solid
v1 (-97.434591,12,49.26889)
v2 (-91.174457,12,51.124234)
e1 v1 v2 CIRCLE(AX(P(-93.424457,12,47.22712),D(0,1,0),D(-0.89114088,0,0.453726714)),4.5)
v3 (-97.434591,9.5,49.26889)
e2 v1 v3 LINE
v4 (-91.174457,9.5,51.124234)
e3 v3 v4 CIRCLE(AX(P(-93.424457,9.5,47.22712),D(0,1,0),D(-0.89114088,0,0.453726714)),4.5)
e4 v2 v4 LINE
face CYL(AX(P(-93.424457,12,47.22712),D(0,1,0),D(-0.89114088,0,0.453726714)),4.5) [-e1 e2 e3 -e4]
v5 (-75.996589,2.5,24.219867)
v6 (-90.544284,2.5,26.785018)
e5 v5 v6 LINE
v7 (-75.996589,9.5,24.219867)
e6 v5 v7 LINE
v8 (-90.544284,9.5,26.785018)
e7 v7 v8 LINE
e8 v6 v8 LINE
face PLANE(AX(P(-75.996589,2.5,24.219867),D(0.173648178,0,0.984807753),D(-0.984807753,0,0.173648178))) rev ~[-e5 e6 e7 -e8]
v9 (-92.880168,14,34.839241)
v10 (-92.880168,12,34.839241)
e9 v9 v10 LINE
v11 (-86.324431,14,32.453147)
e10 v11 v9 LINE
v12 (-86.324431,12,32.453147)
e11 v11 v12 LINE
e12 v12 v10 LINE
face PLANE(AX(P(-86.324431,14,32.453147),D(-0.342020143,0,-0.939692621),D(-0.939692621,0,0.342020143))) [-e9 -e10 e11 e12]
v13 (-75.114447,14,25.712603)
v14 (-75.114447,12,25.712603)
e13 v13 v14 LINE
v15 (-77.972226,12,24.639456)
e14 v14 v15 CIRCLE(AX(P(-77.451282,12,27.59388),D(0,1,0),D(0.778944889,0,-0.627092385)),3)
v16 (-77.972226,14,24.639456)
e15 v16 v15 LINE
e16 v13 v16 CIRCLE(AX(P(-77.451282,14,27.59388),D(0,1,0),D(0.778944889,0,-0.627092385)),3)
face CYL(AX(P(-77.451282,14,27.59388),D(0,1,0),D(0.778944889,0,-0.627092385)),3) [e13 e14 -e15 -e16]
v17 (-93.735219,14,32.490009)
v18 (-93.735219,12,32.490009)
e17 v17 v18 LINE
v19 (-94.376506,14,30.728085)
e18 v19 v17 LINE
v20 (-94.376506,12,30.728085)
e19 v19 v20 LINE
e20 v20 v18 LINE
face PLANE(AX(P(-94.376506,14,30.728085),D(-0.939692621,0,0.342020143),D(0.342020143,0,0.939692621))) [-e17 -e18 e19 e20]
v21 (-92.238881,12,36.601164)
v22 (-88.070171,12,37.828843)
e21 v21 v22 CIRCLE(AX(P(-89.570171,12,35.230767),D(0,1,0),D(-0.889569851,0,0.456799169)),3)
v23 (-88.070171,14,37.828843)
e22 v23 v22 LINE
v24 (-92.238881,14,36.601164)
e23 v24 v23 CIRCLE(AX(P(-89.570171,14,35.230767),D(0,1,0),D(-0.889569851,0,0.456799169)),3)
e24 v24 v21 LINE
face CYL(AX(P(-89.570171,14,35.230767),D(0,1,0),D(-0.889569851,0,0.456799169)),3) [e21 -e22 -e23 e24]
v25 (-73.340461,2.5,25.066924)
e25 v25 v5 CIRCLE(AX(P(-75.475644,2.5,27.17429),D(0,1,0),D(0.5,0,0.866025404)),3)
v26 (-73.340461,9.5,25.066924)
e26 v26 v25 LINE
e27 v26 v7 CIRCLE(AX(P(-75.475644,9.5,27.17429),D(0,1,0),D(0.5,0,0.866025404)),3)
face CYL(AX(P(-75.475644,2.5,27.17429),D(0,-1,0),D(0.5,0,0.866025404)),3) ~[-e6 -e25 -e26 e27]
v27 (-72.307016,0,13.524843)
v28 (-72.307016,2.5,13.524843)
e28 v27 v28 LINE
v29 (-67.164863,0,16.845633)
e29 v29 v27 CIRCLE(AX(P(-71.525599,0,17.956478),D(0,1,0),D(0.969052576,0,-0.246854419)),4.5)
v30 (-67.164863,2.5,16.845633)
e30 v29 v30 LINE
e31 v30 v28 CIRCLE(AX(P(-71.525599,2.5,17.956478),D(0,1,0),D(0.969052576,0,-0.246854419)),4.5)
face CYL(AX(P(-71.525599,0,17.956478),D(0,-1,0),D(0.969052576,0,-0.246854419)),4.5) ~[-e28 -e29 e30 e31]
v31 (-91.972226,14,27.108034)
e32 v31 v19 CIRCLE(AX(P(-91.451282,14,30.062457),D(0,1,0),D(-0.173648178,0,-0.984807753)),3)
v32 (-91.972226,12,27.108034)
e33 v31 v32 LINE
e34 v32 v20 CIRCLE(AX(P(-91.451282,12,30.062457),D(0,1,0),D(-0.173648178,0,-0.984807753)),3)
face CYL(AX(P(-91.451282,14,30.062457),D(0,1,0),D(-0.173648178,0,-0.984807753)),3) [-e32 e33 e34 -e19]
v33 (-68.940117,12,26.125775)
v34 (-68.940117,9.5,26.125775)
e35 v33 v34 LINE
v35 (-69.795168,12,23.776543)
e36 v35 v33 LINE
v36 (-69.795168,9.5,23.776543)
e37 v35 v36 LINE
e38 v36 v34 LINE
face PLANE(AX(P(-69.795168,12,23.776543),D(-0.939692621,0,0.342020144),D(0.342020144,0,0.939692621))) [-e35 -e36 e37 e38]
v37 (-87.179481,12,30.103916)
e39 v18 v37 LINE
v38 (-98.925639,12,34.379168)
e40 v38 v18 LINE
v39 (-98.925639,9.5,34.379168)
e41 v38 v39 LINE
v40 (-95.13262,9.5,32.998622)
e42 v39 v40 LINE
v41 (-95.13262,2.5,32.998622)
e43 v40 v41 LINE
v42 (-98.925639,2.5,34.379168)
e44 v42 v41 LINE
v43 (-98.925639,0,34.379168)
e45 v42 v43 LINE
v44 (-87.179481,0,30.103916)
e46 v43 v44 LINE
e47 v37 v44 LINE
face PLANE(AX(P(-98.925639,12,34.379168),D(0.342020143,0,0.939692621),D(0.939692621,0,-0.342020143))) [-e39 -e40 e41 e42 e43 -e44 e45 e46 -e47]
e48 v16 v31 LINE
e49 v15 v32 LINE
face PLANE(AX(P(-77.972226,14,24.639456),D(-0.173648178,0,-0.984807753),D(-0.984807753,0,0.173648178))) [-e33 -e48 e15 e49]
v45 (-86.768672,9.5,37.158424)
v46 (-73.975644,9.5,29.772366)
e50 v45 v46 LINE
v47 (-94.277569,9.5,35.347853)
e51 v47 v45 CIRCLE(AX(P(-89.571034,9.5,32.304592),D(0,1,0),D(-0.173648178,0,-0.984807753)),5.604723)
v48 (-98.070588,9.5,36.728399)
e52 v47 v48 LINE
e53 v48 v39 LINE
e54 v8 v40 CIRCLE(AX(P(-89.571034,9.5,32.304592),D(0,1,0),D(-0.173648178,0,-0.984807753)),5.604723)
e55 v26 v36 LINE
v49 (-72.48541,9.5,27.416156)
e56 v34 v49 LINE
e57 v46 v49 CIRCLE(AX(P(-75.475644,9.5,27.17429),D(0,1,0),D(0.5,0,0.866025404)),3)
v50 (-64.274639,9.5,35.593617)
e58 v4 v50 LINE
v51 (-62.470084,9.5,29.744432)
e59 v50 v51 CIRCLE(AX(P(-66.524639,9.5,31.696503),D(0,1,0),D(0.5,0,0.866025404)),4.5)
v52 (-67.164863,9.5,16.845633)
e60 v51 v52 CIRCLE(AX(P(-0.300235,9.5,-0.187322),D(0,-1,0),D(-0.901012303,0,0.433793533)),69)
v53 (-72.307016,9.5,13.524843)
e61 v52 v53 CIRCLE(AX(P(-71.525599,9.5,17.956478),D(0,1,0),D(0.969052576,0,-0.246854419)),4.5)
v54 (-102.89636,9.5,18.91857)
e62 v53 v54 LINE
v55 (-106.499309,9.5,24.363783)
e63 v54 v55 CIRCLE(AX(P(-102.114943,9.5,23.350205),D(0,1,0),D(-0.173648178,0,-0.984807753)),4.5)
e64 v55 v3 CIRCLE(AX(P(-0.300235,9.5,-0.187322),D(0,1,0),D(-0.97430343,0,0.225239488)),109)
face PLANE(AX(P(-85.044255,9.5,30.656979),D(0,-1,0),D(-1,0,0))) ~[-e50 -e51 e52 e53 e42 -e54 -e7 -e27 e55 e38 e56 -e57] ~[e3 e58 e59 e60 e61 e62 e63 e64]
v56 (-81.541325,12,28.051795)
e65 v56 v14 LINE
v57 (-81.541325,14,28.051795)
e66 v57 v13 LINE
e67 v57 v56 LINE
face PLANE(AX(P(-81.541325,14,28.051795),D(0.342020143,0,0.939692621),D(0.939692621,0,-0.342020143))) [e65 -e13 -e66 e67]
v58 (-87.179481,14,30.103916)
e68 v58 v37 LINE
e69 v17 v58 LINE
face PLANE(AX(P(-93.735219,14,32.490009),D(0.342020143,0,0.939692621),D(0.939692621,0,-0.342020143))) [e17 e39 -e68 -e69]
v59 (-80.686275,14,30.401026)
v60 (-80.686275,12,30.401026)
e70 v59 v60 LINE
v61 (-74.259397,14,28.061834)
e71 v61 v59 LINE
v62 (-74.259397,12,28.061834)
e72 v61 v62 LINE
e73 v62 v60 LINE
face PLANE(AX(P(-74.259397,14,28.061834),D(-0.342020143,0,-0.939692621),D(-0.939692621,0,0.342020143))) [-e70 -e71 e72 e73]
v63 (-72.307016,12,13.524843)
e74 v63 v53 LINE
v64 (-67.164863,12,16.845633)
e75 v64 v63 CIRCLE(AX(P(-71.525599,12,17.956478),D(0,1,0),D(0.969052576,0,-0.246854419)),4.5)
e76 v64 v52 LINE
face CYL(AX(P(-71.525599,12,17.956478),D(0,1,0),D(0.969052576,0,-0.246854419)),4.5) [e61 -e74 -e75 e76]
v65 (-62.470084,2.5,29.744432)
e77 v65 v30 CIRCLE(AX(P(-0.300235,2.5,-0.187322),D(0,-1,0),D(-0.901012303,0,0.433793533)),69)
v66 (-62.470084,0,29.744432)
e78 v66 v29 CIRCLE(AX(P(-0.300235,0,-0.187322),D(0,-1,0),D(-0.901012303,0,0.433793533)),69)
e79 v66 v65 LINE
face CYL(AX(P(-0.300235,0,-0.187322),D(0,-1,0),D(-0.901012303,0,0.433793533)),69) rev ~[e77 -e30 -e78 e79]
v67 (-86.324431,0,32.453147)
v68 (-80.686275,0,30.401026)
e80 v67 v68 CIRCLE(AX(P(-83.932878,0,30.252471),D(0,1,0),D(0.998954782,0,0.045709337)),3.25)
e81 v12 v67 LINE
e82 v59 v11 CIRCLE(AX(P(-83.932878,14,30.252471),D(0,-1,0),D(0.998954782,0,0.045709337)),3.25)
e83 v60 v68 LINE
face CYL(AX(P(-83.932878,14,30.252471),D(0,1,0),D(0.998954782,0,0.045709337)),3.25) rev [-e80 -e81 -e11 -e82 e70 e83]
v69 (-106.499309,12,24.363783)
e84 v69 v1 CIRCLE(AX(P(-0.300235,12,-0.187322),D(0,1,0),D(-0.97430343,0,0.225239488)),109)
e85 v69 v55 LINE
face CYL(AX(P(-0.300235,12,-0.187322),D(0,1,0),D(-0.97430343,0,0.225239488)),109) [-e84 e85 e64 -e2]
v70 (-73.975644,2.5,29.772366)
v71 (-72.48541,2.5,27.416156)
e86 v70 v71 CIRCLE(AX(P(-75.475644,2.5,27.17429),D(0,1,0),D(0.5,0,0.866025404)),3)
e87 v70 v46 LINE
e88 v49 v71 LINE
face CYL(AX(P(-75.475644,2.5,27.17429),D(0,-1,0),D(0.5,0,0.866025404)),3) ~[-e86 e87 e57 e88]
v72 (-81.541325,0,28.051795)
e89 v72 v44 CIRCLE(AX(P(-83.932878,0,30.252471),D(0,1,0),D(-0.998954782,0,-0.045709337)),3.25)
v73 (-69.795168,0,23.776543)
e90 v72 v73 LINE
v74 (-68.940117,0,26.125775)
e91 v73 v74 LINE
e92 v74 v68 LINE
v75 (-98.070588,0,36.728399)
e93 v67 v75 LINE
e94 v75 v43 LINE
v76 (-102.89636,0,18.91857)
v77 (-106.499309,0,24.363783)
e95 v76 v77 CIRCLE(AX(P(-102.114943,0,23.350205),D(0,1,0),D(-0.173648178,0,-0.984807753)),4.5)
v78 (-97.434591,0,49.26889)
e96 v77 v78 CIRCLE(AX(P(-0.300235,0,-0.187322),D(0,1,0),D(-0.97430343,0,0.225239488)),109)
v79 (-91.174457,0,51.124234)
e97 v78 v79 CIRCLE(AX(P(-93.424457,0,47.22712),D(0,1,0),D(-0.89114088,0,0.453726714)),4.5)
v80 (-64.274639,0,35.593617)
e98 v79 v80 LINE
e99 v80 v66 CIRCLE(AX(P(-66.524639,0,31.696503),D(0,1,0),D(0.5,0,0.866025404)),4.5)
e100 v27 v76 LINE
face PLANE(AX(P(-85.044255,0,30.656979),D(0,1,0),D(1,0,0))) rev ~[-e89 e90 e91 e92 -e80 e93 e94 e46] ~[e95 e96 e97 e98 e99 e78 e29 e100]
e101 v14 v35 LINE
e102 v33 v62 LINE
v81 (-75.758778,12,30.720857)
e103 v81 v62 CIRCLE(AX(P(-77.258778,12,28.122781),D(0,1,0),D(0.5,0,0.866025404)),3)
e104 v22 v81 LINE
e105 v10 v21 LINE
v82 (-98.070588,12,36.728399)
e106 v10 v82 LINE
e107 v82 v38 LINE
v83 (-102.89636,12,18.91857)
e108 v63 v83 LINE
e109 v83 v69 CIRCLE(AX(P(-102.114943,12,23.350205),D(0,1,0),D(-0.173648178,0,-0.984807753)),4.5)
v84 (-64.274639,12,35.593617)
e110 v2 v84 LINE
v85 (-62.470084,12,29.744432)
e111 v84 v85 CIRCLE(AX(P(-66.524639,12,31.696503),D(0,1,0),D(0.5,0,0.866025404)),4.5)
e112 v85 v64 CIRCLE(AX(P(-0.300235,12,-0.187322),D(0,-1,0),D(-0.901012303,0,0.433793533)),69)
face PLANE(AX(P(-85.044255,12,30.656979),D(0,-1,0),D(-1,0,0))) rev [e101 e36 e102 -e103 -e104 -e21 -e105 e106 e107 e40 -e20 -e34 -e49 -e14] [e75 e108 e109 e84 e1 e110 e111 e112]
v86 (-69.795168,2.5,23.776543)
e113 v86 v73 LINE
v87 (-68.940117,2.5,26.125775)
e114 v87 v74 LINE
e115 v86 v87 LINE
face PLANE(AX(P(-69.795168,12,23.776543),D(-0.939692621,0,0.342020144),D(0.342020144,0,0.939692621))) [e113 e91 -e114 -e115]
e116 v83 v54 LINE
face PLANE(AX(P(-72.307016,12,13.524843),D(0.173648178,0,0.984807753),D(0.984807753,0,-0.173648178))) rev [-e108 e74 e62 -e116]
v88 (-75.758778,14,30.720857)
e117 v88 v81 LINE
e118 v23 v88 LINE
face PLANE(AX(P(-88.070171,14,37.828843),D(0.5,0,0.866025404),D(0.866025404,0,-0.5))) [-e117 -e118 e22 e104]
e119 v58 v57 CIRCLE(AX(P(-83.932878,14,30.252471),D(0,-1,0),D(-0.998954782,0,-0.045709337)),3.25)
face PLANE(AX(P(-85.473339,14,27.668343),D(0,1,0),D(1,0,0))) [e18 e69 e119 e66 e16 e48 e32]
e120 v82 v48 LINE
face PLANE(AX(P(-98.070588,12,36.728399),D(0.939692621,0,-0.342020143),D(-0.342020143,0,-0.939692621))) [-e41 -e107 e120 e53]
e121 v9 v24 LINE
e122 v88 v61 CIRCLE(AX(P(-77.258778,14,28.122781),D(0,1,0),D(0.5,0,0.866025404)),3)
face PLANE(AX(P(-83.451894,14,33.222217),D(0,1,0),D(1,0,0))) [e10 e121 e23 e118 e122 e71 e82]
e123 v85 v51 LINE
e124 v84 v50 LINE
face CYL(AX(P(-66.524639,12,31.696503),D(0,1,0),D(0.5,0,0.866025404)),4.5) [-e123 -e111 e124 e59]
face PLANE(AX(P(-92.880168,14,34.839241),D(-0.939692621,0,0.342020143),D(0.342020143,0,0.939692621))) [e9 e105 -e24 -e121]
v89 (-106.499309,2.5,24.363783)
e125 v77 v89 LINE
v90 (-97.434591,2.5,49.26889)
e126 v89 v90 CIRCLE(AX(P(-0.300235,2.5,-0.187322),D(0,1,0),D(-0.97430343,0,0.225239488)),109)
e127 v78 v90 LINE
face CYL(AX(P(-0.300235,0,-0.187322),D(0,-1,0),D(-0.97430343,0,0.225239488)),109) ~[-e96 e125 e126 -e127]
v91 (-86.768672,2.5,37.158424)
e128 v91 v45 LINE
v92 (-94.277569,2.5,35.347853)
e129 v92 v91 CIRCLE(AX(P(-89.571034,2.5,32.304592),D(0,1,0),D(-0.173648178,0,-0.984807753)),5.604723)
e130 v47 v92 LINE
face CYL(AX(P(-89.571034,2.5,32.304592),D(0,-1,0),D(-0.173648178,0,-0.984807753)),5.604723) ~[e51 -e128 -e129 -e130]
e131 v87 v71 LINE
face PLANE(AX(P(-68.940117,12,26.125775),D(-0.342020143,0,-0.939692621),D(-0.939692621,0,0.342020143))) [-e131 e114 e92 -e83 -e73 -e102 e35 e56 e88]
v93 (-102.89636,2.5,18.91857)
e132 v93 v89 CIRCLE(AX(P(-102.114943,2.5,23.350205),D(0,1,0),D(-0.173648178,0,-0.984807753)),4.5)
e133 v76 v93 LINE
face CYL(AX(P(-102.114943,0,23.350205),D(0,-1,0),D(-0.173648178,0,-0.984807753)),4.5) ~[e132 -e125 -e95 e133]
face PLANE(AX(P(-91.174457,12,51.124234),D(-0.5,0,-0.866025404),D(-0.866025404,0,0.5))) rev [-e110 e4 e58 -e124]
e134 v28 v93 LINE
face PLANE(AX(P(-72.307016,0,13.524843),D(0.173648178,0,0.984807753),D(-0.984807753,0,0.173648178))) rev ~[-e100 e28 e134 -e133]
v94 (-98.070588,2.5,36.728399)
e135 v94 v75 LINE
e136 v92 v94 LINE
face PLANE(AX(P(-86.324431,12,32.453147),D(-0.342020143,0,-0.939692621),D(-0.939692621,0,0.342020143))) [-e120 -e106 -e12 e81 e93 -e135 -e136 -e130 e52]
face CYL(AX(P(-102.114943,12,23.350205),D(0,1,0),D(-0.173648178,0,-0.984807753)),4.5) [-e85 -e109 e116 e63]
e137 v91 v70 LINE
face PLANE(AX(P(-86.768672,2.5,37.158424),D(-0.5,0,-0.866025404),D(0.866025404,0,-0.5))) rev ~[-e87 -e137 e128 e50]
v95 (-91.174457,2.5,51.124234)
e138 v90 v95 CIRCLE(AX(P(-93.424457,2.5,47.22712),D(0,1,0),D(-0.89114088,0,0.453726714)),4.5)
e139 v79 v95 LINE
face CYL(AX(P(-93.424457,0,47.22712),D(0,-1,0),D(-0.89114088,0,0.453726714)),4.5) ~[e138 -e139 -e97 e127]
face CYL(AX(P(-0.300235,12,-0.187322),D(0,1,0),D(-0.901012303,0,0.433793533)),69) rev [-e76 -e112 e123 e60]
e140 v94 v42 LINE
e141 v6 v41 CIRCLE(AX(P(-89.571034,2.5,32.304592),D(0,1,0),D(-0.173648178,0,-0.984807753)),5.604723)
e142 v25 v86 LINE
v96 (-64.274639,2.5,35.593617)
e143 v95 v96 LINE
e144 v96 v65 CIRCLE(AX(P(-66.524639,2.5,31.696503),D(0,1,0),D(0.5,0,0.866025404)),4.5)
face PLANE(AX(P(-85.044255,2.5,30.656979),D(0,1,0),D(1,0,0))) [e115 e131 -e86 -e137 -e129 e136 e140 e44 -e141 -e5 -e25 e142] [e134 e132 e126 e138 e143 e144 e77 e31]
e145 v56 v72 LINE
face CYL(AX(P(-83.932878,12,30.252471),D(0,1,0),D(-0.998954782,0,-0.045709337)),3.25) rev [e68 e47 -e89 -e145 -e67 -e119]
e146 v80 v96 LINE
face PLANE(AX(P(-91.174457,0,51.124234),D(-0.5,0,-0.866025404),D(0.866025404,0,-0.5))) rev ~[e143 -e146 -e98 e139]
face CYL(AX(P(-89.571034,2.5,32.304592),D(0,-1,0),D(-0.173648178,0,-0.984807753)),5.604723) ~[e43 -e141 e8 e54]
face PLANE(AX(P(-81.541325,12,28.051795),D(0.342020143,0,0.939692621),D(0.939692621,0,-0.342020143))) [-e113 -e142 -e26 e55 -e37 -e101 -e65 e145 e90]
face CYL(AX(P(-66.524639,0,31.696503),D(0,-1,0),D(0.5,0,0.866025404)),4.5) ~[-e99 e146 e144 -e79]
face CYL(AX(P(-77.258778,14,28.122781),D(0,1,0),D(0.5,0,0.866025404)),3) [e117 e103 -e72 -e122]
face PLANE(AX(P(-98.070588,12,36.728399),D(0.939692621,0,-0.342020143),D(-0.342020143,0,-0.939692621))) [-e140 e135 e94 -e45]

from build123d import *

# Parameters (mm, degrees)
BOSS_EXTRUDE1_DEPTH = 2.5
BOSS_EXTRUDE2_DEPTH = 7
CUT_EXTRUDE1_DEPTH  = 120.106847206
BOSS_EXTRUDE3_START = 2
BOSS_EXTRUDE3_DEPTH = 2


with BuildPart() as part:
    # Sketch1 → Boss-Extrude1 (new body)
    with BuildSketch(Plane(origin=(0, 0, 0), x_dir=(1, 0, 0), z_dir=(0, 1, 0))):
        with BuildLine():
            Line((-72.307015928, -13.524843261), (-102.896359968, -18.918569937))
            ThreePointArc((-102.896359968, -18.918569937), (-105.867796955, -20.867043845), (-106.499308602, -24.363782522))
            ThreePointArc((-106.499308602, -24.363782522), (-102.726730434, -37.092873959), (-97.434590717, -49.268890224))
            ThreePointArc((-97.434590717, -49.268890224), (-94.703164434, -51.541619594), (-91.174456756, -51.124234325))
            Line((-91.174456756, -51.124234325), (-64.274639058, -35.593617336))
            ThreePointArc((-64.274639058, -35.593617336), (-62.224627836, -33.023116562), (-62.470083693, -29.74443212))
            ThreePointArc((-62.470083693, -29.74443212), (-65.139025602, -23.412068226), (-67.164862535, -16.845633263))
            ThreePointArc((-67.164862535, -16.845633263), (-69.084330175, -14.176239282), (-72.307015928, -13.524843261))
        make_face()
    boss_extrude1 = extrude(amount=BOSS_EXTRUDE1_DEPTH)

    # Sketch2 → Boss-Extrude2 (add)
    with BuildSketch(Plane(origin=(0, 2.5, 0), x_dir=(1, 0, 0), z_dir=(0, 1, 0))):
        with BuildLine():
            Line((-75.996588964, -24.219866543), (-90.54428362, -26.785017618))
            ThreePointArc((-90.54428362, -26.785017618), (-94.837750272, -34.221520002), (-86.76867241, -37.158424161))
            Line((-86.76867241, -37.158424161), (-73.975644431, -29.772366014))
            ThreePointArc((-73.975644431, -29.772366014), (-72.656566568, -26.148229372), (-75.996588964, -24.219866543))
        make_face()
    extrude(amount=BOSS_EXTRUDE2_DEPTH)

    # Mirror1: Boss-Extrude1 across plane
    add(boss_extrude1.mirror(Plane.ZX.offset(6)))

    # Sketch4 → Cut-Extrude1 (cut, through all)
    with BuildSketch(Plane(origin=(0, 12, 0), x_dir=(1, 0, 0), z_dir=(0, 1, 0))):
        with BuildLine():
            Line((-98.925638819, -34.379167538), (-87.179481059, -30.103915746))
            ThreePointArc((-87.179481059, -30.103915746), (-85.044443484, -27.198470075), (-81.541325335, -28.051794886))
            Line((-81.541325335, -28.051794886), (-69.795167575, -23.776543095))
            Line((-69.795167575, -23.776543095), (-68.940117216, -26.125774647))
            Line((-68.940117216, -26.125774647), (-80.686274976, -30.401026438))
            ThreePointArc((-80.686274976, -30.401026438), (-82.821312552, -33.30647211), (-86.324430701, -32.453147298))
            Line((-86.324430701, -32.453147298), (-98.070588461, -36.72839909))
            Line((-98.070588461, -36.72839909), (-98.925638819, -34.379167538))
        make_face()
    extrude(amount=-CUT_EXTRUDE1_DEPTH, mode=Mode.SUBTRACT)

    # Sketch5 → Boss-Extrude3 (add)
    with BuildSketch(Plane(origin=(0, 12, 0), x_dir=(1, 0, 0), z_dir=(0, 1, 0)).offset(BOSS_EXTRUDE3_START)):
        with BuildLine():
            Line((-88.070170969, -37.828843014), (-75.758777587, -30.720856731))
            ThreePointArc((-75.758777587, -30.720856731), (-74.645598026, -29.596311171), (-74.25939673, -28.061834057))
            Line((-74.25939673, -28.061834057), (-80.686274976, -30.401026438))
            ThreePointArc((-80.686274976, -30.401026438), (-82.821312552, -33.30647211), (-86.324430701, -32.453147298))
            Line((-86.324430701, -32.453147298), (-92.880168291, -34.839240645))
            Line((-92.880168291, -34.839240645), (-92.238880522, -36.601164309))
            ThreePointArc((-92.238880522, -36.601164309), (-90.417678642, -38.108566439), (-88.070170969, -37.828843014))
        make_face()
        with BuildLine():
            Line((-77.97222629, -24.6394564), (-91.97222629, -27.108034129))
            ThreePointArc((-91.97222629, -27.108034129), (-93.95032425, -28.4027024), (-94.376506418, -30.728085429))
            Line((-94.376506418, -30.728085429), (-93.735218649, -32.490009093))
            Line((-93.735218649, -32.490009093), (-87.179481059, -30.103915746))
            ThreePointArc((-87.179481059, -30.103915746), (-85.044443484, -27.198470075), (-81.541325335, -28.051794886))
            Line((-81.541325335, -28.051794886), (-75.114447088, -25.712602505))
            ThreePointArc((-75.114447088, -25.712602505), (-76.396637321, -24.785370248), (-77.97222629, -24.6394564))
        make_face()
    extrude(amount=-BOSS_EXTRUDE3_DEPTH)


solid = part.part
